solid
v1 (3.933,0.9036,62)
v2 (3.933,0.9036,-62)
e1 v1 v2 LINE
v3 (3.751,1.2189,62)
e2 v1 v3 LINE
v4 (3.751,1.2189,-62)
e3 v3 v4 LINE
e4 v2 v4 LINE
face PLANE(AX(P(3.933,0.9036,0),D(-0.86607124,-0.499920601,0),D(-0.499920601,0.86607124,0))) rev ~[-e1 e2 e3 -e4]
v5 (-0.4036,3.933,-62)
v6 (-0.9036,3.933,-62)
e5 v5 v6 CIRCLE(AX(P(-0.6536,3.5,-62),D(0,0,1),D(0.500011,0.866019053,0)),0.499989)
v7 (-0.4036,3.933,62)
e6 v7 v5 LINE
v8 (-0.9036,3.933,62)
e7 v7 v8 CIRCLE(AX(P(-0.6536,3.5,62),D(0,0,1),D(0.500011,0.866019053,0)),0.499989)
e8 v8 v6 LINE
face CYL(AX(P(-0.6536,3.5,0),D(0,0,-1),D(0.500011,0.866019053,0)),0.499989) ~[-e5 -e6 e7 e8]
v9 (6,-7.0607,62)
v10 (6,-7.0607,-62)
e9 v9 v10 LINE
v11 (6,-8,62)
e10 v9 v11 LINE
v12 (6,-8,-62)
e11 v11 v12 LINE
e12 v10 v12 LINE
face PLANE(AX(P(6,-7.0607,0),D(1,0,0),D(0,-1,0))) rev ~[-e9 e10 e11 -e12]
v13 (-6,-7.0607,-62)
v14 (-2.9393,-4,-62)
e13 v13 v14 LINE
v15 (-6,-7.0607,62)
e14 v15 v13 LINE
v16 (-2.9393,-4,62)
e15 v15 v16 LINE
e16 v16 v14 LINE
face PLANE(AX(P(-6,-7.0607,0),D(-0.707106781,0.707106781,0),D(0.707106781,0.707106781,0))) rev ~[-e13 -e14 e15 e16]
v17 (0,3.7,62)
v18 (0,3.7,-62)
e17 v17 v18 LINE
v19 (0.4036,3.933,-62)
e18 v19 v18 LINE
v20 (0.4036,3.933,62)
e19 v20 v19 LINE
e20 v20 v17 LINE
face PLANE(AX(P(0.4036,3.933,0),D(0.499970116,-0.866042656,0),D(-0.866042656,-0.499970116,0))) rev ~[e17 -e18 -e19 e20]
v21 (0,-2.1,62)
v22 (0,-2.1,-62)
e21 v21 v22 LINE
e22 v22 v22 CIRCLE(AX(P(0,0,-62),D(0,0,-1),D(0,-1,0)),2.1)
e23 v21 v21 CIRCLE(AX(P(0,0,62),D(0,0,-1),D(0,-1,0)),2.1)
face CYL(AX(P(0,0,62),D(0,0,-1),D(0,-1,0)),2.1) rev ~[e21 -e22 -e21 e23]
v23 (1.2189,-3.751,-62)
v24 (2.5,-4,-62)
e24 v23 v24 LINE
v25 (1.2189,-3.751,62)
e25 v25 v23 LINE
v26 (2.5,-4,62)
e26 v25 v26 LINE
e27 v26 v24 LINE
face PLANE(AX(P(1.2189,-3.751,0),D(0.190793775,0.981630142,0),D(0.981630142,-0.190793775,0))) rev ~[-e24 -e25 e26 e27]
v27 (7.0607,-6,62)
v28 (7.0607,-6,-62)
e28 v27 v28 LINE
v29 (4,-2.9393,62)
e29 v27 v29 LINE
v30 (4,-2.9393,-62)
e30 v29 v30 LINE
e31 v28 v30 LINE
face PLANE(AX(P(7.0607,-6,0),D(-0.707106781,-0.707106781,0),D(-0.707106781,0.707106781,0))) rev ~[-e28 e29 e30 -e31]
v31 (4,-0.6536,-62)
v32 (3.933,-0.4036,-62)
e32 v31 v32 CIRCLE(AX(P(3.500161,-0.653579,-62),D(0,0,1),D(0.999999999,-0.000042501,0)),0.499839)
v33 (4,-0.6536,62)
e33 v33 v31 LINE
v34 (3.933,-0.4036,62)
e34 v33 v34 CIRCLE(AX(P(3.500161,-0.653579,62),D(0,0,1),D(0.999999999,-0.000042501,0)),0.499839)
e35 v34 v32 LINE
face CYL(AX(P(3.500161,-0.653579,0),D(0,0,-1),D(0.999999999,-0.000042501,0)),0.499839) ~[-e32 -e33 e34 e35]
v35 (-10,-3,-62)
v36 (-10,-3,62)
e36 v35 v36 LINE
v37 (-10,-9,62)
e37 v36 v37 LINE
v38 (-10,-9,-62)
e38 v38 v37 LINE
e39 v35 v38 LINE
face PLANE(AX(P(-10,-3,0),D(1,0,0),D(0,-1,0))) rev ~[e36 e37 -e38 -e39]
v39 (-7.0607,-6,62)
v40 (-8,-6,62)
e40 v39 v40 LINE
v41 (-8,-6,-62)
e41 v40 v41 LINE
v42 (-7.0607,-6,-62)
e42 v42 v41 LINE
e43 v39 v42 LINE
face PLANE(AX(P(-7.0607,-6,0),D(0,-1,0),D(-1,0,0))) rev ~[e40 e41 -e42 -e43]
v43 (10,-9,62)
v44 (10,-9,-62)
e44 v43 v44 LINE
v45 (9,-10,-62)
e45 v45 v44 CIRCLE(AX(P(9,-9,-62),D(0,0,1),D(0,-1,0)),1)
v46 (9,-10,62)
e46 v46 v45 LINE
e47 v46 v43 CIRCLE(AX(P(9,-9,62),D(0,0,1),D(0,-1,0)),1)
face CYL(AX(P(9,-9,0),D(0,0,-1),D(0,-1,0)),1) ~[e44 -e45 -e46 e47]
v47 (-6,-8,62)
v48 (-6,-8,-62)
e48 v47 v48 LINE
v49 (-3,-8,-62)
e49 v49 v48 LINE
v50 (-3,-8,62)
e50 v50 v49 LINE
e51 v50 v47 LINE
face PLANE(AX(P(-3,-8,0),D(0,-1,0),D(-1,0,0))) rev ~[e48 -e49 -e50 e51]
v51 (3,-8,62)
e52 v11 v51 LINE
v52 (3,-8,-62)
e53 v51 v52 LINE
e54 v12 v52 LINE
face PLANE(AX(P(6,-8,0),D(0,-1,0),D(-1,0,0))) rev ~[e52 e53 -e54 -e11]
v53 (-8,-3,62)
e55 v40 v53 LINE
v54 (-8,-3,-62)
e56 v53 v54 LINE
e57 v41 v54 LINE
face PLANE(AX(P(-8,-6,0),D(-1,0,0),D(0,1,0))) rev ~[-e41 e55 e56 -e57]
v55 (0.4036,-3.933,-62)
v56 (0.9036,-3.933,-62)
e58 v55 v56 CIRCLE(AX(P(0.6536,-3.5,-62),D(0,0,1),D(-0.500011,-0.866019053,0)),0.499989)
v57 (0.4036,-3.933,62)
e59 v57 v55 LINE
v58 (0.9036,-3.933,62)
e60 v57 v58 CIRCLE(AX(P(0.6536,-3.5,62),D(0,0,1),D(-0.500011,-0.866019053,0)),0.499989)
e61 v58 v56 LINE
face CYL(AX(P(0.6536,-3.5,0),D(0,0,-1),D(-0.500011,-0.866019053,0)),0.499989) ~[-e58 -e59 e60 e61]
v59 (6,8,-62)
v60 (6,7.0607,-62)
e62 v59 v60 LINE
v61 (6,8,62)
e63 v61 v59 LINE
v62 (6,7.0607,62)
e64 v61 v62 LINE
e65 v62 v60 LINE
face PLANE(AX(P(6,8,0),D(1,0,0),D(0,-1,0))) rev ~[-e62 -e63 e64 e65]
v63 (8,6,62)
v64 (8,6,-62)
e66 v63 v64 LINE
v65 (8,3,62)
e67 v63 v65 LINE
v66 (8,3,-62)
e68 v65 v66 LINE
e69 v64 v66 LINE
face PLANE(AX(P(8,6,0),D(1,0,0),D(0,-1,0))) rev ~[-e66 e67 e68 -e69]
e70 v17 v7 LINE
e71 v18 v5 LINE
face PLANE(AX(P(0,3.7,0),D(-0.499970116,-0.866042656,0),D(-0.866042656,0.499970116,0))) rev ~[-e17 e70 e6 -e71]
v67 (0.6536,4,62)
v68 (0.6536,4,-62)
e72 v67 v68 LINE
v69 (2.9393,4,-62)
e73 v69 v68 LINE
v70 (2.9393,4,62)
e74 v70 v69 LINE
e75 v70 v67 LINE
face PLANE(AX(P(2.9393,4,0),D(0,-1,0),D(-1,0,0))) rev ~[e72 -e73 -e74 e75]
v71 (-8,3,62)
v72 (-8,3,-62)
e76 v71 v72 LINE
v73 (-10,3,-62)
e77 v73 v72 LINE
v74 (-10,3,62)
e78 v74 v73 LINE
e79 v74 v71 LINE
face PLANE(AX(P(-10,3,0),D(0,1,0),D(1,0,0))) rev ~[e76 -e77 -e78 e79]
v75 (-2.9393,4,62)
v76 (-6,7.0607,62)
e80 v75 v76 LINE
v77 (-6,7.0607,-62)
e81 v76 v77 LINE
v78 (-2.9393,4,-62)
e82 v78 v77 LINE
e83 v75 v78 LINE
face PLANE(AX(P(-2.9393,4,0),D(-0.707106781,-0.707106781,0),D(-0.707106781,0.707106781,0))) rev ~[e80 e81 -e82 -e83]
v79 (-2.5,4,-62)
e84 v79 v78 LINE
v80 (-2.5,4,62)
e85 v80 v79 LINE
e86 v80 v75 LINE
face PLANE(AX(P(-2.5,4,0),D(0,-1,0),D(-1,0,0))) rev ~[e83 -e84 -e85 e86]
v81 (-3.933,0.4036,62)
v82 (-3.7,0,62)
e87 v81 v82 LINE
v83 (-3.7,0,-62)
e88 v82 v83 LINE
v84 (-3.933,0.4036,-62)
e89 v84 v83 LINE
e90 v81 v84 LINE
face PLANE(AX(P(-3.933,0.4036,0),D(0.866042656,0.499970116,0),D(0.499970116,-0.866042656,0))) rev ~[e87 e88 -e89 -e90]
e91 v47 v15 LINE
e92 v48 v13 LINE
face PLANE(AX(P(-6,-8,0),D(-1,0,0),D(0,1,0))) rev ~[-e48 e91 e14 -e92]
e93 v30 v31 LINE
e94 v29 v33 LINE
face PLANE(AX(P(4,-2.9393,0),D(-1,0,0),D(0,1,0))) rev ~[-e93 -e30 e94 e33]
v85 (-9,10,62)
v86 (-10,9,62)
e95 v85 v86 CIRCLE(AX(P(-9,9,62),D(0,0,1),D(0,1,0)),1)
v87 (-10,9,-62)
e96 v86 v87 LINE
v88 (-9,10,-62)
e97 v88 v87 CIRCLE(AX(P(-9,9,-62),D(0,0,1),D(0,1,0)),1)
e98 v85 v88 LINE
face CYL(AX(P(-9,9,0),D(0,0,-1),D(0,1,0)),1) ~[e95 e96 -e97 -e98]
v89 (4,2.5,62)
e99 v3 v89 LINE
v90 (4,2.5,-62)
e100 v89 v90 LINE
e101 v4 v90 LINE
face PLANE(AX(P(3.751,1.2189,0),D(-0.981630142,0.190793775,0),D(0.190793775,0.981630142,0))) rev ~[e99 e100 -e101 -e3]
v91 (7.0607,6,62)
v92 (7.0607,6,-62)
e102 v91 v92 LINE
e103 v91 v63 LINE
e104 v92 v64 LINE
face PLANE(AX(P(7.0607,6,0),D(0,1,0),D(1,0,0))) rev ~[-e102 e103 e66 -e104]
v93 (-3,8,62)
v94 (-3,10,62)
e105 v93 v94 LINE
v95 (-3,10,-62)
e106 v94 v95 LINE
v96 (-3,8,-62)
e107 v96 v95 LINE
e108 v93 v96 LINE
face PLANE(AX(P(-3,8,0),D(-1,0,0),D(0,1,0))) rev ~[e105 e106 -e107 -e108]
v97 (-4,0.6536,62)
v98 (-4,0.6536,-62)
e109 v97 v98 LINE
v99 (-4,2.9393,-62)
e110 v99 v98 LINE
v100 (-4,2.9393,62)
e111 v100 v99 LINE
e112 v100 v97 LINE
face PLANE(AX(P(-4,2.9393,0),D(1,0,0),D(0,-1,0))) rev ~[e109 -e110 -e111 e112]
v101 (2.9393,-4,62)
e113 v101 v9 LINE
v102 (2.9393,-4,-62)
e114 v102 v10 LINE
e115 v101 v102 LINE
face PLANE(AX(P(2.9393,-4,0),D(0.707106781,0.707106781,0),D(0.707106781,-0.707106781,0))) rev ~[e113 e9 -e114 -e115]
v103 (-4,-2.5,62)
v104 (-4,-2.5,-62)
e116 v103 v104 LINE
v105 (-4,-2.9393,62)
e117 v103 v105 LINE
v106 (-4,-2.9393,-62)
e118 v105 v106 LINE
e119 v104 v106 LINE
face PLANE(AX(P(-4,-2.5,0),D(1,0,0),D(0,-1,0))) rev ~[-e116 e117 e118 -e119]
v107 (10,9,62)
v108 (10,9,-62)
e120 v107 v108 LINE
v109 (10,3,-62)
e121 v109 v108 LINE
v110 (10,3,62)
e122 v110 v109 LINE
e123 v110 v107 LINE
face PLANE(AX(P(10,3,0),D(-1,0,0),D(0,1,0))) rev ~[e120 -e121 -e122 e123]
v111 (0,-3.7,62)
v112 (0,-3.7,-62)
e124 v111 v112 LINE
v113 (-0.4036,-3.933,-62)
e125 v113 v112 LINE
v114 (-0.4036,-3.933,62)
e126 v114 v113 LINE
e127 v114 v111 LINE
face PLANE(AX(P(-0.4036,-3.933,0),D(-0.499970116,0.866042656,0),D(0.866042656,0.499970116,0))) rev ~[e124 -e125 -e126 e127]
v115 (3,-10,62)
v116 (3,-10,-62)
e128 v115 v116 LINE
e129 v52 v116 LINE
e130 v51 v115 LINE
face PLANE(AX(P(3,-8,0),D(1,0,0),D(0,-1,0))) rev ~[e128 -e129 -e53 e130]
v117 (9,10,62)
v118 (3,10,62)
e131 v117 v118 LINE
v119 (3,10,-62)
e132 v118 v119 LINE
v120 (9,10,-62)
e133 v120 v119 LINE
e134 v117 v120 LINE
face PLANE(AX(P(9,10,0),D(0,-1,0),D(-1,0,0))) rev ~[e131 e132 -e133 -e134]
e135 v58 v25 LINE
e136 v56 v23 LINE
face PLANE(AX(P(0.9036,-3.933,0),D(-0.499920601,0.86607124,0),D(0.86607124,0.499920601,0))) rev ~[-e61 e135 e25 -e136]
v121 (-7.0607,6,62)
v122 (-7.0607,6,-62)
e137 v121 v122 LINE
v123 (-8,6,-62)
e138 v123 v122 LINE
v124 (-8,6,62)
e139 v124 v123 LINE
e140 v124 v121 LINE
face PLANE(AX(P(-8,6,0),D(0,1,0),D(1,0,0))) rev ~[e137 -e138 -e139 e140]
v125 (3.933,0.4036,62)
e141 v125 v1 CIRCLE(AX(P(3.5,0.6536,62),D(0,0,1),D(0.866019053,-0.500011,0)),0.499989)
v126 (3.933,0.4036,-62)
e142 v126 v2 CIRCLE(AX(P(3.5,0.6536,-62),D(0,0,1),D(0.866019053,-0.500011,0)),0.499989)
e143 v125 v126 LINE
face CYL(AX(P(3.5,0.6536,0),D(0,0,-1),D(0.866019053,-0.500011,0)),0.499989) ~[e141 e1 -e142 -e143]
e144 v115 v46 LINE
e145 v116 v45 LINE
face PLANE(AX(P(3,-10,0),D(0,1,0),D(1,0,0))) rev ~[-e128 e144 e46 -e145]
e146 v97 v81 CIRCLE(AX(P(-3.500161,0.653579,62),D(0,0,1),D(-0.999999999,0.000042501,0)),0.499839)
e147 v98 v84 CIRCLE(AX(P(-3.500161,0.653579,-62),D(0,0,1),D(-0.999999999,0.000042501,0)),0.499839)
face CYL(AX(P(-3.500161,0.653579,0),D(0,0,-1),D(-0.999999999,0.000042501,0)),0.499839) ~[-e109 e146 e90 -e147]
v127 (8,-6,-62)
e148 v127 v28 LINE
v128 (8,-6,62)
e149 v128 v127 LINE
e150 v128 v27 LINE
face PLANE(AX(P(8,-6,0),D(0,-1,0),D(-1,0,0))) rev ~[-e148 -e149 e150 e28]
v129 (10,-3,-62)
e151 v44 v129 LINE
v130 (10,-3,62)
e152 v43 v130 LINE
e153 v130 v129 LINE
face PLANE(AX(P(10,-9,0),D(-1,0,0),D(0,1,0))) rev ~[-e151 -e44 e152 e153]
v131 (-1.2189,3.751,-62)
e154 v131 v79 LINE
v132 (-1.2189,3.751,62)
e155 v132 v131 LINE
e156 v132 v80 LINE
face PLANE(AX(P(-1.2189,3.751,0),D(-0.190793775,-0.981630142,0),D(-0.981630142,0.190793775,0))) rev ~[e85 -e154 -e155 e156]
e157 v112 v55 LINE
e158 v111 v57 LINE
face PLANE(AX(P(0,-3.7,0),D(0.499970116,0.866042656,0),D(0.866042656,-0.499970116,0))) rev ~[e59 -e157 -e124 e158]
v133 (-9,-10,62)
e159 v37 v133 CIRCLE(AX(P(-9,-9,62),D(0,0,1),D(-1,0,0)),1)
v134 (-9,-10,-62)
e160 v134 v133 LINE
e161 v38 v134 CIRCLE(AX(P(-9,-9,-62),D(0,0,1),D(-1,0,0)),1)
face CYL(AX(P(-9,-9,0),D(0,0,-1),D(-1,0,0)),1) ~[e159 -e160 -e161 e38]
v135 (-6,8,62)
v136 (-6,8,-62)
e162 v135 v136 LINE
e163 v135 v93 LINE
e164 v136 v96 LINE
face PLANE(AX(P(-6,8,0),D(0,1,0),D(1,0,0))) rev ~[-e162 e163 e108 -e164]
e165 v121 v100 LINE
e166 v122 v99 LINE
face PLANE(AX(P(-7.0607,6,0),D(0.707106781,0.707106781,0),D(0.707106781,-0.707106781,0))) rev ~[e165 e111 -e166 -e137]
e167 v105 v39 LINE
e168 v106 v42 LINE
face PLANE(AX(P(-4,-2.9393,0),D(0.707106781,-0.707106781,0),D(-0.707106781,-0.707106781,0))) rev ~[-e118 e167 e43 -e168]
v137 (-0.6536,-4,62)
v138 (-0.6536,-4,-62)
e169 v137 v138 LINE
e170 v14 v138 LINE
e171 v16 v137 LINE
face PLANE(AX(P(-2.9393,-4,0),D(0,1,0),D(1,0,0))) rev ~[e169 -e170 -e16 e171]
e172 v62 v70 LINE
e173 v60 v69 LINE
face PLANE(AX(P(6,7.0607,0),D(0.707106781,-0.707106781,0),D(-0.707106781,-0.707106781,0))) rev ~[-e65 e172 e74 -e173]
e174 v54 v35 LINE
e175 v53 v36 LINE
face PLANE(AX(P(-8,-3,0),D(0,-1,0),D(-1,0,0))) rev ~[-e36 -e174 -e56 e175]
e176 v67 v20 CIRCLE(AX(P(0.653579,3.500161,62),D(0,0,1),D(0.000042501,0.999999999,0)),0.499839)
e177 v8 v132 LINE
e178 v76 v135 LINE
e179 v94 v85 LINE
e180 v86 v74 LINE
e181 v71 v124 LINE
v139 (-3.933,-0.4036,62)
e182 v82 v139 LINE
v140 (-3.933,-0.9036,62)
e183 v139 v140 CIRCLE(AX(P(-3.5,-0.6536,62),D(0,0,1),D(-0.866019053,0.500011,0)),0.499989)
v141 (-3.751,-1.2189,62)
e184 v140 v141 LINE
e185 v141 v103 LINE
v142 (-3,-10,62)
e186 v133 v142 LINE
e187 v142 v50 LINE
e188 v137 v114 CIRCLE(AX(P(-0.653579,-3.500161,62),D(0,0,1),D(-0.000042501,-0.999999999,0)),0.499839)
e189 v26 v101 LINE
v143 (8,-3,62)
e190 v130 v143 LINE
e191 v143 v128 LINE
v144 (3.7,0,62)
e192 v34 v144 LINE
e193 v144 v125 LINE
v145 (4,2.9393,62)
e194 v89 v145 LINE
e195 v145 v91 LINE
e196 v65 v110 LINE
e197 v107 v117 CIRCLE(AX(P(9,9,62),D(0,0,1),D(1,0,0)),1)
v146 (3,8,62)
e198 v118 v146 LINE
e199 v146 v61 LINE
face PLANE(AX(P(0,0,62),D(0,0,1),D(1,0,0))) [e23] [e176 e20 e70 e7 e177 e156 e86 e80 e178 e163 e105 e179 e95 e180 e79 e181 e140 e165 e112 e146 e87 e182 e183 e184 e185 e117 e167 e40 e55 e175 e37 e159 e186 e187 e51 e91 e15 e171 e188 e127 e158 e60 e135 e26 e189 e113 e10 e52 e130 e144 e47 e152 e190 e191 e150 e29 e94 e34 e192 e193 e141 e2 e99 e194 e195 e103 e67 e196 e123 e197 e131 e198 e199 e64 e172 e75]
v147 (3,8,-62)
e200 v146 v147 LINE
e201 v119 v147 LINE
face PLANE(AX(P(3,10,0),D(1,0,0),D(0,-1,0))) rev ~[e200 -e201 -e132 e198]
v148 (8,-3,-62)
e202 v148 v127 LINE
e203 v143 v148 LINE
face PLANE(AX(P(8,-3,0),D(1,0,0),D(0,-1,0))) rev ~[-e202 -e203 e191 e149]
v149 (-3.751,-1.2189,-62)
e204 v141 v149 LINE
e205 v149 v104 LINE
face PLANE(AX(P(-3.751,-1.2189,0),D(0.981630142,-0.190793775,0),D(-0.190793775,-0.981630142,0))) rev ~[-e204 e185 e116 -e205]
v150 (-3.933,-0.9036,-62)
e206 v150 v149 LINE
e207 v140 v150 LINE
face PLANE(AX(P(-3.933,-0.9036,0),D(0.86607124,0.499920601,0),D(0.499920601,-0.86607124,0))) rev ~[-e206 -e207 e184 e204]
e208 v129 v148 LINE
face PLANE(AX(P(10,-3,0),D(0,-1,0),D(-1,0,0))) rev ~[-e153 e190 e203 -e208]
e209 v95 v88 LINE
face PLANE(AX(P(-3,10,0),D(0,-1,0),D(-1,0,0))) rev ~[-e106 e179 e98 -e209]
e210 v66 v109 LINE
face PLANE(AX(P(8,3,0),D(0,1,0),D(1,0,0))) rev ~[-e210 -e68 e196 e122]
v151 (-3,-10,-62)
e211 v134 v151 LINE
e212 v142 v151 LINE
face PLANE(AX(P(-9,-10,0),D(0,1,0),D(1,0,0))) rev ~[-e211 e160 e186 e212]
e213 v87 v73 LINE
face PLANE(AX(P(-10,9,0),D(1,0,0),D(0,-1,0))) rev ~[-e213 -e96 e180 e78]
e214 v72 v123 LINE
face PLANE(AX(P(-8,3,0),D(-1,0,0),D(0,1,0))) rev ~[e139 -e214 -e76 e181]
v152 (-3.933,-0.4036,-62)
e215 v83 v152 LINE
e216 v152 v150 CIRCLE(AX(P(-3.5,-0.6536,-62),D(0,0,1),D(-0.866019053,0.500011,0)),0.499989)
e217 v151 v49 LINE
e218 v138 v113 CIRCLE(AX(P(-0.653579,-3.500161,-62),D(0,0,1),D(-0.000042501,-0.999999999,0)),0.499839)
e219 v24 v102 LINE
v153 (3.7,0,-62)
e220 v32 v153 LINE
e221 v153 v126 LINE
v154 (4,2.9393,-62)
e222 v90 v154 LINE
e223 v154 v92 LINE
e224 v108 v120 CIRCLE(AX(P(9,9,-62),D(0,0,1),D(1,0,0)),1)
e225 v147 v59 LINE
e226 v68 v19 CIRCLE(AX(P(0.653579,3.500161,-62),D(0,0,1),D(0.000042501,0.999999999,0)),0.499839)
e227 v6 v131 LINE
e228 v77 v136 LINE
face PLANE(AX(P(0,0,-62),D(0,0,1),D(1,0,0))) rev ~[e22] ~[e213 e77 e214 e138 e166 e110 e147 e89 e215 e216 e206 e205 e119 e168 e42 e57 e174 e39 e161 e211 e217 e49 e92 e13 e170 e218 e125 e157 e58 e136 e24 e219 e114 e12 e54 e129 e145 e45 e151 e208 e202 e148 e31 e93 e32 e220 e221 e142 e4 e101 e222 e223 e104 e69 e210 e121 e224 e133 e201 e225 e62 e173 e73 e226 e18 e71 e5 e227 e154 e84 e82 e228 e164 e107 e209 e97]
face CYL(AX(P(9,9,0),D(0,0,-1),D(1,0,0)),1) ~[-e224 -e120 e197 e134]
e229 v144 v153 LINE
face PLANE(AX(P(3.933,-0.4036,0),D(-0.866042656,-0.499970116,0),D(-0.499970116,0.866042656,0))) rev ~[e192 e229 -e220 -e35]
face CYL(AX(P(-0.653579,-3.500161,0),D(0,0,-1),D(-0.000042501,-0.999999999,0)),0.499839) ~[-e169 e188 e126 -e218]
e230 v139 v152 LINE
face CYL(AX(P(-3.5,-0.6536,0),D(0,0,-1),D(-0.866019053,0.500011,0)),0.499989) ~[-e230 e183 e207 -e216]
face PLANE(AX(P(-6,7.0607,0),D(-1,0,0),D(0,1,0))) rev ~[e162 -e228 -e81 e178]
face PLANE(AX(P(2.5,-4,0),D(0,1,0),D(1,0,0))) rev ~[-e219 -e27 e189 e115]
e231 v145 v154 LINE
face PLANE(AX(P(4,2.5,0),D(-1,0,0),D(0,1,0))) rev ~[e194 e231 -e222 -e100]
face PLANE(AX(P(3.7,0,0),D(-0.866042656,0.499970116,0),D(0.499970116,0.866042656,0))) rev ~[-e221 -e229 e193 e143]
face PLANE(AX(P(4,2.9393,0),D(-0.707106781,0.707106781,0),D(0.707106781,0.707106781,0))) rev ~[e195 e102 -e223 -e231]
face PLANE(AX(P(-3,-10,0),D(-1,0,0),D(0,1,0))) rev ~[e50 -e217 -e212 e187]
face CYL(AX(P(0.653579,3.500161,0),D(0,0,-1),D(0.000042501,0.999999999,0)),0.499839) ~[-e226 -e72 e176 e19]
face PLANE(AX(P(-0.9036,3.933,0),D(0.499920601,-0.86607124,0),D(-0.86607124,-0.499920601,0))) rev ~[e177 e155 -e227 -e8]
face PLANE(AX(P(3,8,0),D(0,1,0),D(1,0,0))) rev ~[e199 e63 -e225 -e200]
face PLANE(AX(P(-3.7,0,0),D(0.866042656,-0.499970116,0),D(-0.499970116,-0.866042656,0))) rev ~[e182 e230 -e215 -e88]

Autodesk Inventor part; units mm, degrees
sketch "Sketch_75" plane through (0, 0, 0) normal (0, 0, 1) x (1, 0, 0)
  line L0 (-10, -3) -> (-10, -9)
  arc A0 (-10, -9) -> (-9, -10) centre (-9, -9) ccw
  line L1 (-9, -10) -> (-3, -10)
  line L2 (-3, -10) -> (-3, -8)
  line L3 (-3, -8) -> (-6, -8)
  line L4 (-6, -8) -> (-6, -7.0607)
  line L5 (-6, -7.0607) -> (-2.9393, -4)
  line L6 (-2.9393, -4) -> (-0.6536, -4)
  arc A1 (-0.6536, -4) -> (-0.4036, -3.933) centre (-0.6536, -3.5) ccw
  line L7 (-0.4036, -3.933) -> (0, -3.7)
  line L8 (0, -3.7) -> (0.4036, -3.933)
  arc A2 (0.4036, -3.933) -> (0.9036, -3.933) centre (0.6536, -3.5) ccw
  line L9 (0.9036, -3.933) -> (1.2189, -3.751)
  line L10 (1.2189, -3.751) -> (2.5, -4)
  line L11 (2.5, -4) -> (2.9393, -4)
  line L12 (2.9393, -4) -> (6, -7.0607)
  line L13 (6, -7.0607) -> (6, -8)
  line L14 (6, -8) -> (3, -8)
  line L15 (3, -8) -> (3, -10)
  line L16 (3, -10) -> (9, -10)
  arc A3 (9, -10) -> (10, -9) centre (9, -9) ccw
  line L17 (10, -9) -> (10, -3)
  line L18 (10, -3) -> (8, -3)
  line L19 (8, -3) -> (8, -6)
  line L20 (8, -6) -> (7.0607, -6)
  line L21 (7.0607, -6) -> (4, -2.9393)
  line L22 (4, -2.9393) -> (4, -0.6536)
  arc A4 (4, -0.6536) -> (3.933, -0.4036) centre (3.5, -0.6536) ccw
  line L23 (3.933, -0.4036) -> (3.7, 0)
  line L24 (3.7, 0) -> (3.933, 0.4036)
  arc A5 (3.933, 0.4036) -> (3.933, 0.9036) centre (3.5, 0.6536) ccw
  line L25 (3.933, 0.9036) -> (3.751, 1.2189)
  line L26 (3.751, 1.2189) -> (4, 2.5)
  line L27 (4, 2.5) -> (4, 2.9393)
  line L28 (4, 2.9393) -> (7.0607, 6)
  line L29 (7.0607, 6) -> (8, 6)
  line L30 (8, 6) -> (8, 3)
  line L31 (8, 3) -> (10, 3)
  line L32 (10, 3) -> (10, 9)
  arc A6 (10, 9) -> (9, 10) centre (9, 9) ccw
  line L33 (9, 10) -> (3, 10)
  line L34 (3, 10) -> (3, 8)
  line L35 (3, 8) -> (6, 8)
  line L36 (6, 8) -> (6, 7.0607)
  line L37 (6, 7.0607) -> (2.9393, 4)
  line L38 (2.9393, 4) -> (0.6536, 4)
  arc A7 (0.6536, 4) -> (0.4036, 3.933) centre (0.6536, 3.5) ccw
  line L39 (0.4036, 3.933) -> (0, 3.7)
  line L40 (0, 3.7) -> (-0.4036, 3.933)
  arc A8 (-0.4036, 3.933) -> (-0.9036, 3.933) centre (-0.6536, 3.5) ccw
  line L41 (-0.9036, 3.933) -> (-1.2189, 3.751)
  line L42 (-1.2189, 3.751) -> (-2.5, 4)
  line L43 (-2.5, 4) -> (-2.9393, 4)
  line L44 (-2.9393, 4) -> (-6, 7.0607)
  line L45 (-6, 7.0607) -> (-6, 8)
  line L46 (-6, 8) -> (-3, 8)
  line L47 (-3, 8) -> (-3, 10)
  line L48 (-3, 10) -> (-9, 10)
  arc A9 (-9, 10) -> (-10, 9) centre (-9, 9) ccw
  line L49 (-10, 9) -> (-10, 3)
  line L50 (-10, 3) -> (-8, 3)
  line L51 (-8, 3) -> (-8, 6)
  line L52 (-8, 6) -> (-7.0607, 6)
  line L53 (-7.0607, 6) -> (-4, 2.9393)
  line L54 (-4, 2.9393) -> (-4, 0.6536)
  arc A10 (-4, 0.6536) -> (-3.933, 0.4036) centre (-3.5, 0.6536) ccw
  line L55 (-3.933, 0.4036) -> (-3.7, 0)
  line L56 (-3.7, 0) -> (-3.933, -0.4036)
  arc A11 (-3.933, -0.4036) -> (-3.933, -0.9036) centre (-3.5, -0.6536) ccw
  line L57 (-3.933, -0.9036) -> (-3.751, -1.2189)
  line L58 (-3.751, -1.2189) -> (-4, -2.5)
  line L59 (-4, -2.5) -> (-4, -2.9393)
  line L60 (-4, -2.9393) -> (-7.0607, -6)
  line L61 (-7.0607, -6) -> (-8, -6)
  line L62 (-8, -6) -> (-8, -3)
  line L63 (-8, -3) -> (-10, -3)
extrude "Extrusion1" add sketch "Sketch_75" along normal mid plane 124
sketch "Sketch2" plane through (0, 0, 62) normal (0, 0, 1) x (-1, 0, 0)
  point P0 (0, 0)
hole "Hole1" at (0, 0, 62) direction (0, 0, -1) diameter 4.2 depth 351
ref_plane "C1_XY" through (0, 0, 0) normal (0, 0, 1) x (1, 0, 0)
ref_plane "C1_YZ" through (0, 0, 0) normal (1, 0, 0) x (0, 1, 0)
ref_plane "C1_ZX" through (0, 0, 0) normal (0, 1, 0) x (0, 0, 1)
properties part number "NFS5-2020_3" material "アルミニウム 6061"
